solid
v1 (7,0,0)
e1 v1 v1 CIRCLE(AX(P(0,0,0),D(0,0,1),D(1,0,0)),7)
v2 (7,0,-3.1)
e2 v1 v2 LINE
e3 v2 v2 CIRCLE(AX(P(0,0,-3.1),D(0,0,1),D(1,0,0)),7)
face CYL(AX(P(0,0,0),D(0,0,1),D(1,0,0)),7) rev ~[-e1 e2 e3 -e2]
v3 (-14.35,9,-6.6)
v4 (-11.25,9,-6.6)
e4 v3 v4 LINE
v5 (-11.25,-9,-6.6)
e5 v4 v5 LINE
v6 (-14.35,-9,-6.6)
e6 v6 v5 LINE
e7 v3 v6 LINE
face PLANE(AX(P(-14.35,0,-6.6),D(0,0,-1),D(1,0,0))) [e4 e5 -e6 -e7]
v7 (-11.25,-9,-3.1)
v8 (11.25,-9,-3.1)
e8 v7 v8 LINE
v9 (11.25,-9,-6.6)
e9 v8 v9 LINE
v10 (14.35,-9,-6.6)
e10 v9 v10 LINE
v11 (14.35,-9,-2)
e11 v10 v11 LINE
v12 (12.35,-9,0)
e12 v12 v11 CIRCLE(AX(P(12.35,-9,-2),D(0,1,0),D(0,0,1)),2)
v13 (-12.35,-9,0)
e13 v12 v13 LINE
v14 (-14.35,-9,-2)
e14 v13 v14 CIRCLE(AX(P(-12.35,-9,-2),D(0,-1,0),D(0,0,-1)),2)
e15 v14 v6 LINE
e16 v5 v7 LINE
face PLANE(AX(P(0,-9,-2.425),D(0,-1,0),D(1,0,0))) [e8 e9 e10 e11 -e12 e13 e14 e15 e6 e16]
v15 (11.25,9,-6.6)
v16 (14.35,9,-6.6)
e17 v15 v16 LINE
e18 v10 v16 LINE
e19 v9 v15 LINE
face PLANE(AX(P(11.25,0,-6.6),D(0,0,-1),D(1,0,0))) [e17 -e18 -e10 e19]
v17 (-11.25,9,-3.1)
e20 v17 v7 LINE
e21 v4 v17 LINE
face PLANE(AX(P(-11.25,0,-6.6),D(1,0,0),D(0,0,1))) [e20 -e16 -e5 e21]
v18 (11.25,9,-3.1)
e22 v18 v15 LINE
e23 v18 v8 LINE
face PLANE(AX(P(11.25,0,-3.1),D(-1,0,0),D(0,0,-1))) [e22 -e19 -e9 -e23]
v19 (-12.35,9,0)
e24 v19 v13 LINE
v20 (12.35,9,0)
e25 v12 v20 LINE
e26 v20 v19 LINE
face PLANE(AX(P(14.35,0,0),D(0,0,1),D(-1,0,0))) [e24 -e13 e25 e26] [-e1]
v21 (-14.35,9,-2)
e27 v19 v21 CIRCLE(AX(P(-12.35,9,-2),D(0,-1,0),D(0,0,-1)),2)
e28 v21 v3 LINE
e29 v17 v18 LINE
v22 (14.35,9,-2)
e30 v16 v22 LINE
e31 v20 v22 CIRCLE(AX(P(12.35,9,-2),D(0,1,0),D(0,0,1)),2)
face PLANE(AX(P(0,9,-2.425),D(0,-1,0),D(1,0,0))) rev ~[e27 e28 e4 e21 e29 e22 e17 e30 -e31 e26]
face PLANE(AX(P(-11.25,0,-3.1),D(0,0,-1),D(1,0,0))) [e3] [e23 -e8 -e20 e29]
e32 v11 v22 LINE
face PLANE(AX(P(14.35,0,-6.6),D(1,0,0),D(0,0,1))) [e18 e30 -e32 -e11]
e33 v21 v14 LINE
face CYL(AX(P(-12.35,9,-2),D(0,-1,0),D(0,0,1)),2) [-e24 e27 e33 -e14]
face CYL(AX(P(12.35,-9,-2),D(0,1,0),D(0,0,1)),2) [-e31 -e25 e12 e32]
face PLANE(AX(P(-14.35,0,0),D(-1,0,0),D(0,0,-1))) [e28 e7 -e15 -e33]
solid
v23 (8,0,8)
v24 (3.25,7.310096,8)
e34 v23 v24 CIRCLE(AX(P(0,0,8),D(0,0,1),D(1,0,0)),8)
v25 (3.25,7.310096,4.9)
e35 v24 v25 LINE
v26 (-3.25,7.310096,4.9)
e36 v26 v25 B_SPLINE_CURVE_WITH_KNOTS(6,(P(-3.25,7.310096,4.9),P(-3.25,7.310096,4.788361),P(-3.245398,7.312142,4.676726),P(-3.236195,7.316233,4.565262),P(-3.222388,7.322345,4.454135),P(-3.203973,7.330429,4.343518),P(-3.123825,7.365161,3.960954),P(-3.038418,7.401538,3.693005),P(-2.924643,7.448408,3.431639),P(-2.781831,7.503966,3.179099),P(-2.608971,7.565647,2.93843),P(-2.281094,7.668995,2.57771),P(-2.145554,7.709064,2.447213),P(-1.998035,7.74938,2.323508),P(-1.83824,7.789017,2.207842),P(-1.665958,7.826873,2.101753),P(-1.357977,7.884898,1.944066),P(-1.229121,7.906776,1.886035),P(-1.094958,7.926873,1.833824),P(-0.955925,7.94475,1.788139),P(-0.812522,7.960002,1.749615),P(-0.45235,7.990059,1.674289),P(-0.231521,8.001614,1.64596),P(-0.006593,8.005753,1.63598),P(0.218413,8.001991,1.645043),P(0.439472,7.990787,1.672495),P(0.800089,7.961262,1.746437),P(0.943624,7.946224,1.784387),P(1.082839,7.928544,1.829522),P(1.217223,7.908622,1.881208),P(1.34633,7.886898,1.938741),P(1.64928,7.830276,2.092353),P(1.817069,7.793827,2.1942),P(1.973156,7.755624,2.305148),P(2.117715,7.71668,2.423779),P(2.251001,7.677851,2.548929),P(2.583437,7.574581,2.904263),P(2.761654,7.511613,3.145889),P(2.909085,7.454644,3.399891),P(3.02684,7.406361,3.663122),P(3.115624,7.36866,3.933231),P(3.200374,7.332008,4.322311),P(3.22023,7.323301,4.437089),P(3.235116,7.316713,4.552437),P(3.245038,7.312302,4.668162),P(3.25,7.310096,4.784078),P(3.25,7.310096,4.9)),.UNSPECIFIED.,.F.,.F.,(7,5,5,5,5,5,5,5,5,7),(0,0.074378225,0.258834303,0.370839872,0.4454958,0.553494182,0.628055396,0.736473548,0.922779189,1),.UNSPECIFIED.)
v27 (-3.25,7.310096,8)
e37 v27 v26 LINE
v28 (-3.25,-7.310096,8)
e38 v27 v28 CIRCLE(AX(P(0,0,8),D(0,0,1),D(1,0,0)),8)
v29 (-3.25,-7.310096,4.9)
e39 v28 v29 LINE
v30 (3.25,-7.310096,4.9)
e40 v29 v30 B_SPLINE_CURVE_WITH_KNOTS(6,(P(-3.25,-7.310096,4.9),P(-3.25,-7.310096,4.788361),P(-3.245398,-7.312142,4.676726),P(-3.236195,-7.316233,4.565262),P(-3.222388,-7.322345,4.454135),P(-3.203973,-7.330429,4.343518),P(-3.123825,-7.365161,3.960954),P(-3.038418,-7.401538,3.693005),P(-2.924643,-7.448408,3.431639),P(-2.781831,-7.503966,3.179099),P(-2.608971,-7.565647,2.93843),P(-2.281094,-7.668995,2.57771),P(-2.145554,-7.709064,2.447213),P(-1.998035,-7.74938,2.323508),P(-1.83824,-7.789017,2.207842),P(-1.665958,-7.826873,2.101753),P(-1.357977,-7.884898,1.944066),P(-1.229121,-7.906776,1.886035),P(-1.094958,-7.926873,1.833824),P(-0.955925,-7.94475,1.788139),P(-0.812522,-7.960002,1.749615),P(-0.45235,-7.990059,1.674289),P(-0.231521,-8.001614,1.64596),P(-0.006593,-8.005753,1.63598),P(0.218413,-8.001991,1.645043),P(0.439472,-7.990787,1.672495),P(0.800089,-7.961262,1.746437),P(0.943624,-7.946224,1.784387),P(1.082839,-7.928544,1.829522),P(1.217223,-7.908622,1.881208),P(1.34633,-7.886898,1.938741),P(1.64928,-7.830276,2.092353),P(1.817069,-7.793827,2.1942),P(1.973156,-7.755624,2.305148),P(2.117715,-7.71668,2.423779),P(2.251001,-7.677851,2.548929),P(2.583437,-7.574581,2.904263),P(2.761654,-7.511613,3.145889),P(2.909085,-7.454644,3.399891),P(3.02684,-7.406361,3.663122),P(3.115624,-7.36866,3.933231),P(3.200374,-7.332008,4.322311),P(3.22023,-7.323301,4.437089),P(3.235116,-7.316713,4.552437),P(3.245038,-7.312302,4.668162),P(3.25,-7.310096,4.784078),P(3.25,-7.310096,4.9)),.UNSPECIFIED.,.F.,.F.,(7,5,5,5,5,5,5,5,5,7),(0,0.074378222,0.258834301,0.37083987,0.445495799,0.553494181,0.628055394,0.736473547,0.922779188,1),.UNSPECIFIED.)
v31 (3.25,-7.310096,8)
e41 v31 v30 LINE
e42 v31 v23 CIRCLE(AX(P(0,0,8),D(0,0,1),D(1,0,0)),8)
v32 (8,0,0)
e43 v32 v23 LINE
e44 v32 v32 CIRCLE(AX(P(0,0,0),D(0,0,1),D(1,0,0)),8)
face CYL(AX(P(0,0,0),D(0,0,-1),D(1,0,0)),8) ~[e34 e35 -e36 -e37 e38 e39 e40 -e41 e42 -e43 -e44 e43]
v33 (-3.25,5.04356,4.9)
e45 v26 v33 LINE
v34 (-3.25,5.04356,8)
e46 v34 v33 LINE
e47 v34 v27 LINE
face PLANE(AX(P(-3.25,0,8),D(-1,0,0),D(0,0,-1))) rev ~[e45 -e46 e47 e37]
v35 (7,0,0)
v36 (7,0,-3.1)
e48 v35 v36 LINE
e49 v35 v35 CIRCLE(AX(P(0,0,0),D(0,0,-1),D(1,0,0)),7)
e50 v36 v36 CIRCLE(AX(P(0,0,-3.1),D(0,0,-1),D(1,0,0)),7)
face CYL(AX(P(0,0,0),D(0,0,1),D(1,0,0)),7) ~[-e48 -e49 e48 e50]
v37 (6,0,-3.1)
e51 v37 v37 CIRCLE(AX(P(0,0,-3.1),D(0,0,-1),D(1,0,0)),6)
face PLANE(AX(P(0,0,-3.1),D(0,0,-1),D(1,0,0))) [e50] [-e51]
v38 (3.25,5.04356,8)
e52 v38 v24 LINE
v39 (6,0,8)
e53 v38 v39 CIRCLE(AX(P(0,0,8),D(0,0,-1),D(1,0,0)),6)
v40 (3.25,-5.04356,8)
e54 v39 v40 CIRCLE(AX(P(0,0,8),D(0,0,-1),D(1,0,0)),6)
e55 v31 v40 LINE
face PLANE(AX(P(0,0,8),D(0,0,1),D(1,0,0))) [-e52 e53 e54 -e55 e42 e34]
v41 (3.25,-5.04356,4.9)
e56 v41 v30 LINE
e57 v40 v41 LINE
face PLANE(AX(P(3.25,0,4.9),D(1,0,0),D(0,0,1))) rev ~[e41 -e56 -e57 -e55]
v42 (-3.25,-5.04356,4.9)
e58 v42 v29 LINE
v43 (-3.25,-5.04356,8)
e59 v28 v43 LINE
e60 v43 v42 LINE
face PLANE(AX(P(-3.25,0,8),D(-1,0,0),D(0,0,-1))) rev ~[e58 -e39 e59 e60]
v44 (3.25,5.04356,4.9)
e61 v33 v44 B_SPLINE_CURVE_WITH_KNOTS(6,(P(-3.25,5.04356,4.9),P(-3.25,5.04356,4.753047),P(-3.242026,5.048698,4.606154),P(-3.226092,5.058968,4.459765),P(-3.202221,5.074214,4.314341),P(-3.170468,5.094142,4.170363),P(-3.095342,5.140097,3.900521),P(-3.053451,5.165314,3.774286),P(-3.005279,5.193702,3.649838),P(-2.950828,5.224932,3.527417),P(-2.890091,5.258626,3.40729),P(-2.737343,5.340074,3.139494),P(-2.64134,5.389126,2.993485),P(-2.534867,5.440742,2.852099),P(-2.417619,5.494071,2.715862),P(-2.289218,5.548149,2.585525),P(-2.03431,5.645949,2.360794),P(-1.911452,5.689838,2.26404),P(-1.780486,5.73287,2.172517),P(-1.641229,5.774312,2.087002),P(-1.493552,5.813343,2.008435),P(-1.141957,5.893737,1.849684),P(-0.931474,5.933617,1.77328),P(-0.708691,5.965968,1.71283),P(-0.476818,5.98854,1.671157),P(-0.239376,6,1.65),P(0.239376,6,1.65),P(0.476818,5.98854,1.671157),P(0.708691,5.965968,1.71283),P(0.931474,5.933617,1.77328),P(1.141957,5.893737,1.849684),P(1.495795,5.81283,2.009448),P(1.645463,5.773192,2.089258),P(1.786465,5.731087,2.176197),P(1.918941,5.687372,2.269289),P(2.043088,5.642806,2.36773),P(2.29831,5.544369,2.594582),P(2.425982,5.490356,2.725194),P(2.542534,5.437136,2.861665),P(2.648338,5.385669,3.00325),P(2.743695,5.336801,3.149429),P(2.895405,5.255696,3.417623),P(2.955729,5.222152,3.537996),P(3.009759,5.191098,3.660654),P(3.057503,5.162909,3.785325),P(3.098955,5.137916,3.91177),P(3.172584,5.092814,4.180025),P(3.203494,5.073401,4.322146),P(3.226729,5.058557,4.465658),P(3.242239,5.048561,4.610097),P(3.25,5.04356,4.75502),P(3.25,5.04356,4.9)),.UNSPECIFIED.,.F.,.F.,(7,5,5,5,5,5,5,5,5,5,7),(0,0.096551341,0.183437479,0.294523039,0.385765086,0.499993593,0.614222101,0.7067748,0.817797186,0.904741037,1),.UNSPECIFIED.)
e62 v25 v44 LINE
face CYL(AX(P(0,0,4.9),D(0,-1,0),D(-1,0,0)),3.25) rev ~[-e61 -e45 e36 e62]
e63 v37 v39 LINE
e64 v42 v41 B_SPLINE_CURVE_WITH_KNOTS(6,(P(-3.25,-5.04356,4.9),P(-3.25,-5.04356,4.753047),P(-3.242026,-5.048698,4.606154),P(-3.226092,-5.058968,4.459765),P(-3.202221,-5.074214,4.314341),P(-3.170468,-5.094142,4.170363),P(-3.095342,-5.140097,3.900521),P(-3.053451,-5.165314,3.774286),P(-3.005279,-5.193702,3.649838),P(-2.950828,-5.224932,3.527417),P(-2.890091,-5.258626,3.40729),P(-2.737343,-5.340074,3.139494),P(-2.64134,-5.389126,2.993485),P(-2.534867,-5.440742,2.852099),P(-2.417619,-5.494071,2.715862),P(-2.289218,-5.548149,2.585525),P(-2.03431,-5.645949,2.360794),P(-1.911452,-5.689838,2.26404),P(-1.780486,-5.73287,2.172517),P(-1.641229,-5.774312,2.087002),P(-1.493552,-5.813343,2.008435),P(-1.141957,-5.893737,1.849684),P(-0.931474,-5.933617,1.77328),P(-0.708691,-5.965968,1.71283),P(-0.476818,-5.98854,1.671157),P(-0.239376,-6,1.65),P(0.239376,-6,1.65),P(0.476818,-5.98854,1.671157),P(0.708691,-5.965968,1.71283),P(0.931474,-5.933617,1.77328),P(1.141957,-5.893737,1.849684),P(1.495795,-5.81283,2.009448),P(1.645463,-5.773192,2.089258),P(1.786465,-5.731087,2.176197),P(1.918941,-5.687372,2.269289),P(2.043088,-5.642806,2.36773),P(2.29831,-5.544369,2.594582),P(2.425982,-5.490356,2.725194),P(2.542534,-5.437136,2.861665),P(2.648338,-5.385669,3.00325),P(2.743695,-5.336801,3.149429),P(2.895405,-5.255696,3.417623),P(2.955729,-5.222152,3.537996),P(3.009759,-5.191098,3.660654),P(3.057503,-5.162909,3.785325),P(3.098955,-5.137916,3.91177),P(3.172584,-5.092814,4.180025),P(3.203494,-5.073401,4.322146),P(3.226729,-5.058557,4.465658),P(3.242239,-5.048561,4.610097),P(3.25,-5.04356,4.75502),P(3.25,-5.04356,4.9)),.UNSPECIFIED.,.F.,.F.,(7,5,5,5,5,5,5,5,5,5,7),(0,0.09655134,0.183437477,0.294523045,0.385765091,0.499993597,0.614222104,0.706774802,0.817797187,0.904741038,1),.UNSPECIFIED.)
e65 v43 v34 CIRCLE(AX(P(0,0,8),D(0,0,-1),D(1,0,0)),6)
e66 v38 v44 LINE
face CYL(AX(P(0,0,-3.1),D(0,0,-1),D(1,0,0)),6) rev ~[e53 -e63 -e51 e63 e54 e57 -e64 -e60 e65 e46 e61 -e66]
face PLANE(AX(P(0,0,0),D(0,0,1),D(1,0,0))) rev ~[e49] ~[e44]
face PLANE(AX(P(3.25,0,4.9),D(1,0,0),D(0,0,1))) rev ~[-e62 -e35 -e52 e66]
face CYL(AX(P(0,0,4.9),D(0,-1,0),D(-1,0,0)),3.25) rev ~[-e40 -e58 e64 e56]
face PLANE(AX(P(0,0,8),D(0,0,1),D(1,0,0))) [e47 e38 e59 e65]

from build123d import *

# Parameters (mm, degrees)
F1_DEPTH  = 9
F2_R      = 2
F3_R      = 7
F4_DEPTH  = 3.1
F5_R      = 8
F5_R_2    = 5
F6_DEPTH  = 8
F7_R      = 7
F7_R_2    = 5
F8_DEPTH  = 3.1
F10_DEPTH = 12.5
F11_R     = 6
F12_DEPTH = 11.1010001


with BuildPart() as f1:
    # F0 (on Front) → F1 (new body, symmetric)
    with BuildSketch(Plane.XZ):
        Polygon((14.35, 0), (-14.35, 0), (-14.35, -6.6), (-11.25, -6.6), (-11.25, -3.1), (11.25, -3.1), (11.25, -6.6), (14.35, -6.6), align=None)
    extrude(amount=F1_DEPTH, both=True)

    # F2
    f2_edges = [f1.edges().sort_by_distance(p)[0] for p in [
        (-14.35, 0, 0),
        (14.35, 0, 0),
    ]]
    fillet(f2_edges, radius=F2_R)

    # F3 (on face) → F4 (cut, through all)
    with BuildSketch(Plane.XY):
        Circle(F3_R)
    extrude(amount=-F4_DEPTH, mode=Mode.SUBTRACT)


with BuildPart() as f6:
    # F5 (on face) → F6 (new body)
    with BuildSketch(Plane.XY):
        Circle(F5_R)
        Circle(F5_R_2, mode=Mode.SUBTRACT)
    extrude(amount=F6_DEPTH)

    # F7 (on face) → F8 (join, through all)
    with BuildSketch(Plane(origin=(0, 0, 0), x_dir=(1, 0, 0), z_dir=(0, 0, -1))):
        Circle(F7_R)
        Circle(F7_R_2, mode=Mode.SUBTRACT)
    extrude(amount=F8_DEPTH)

    # F9 (on Front) → F10 (cut, symmetric)
    with BuildSketch(Plane.XZ):
        with BuildLine():
            Line((-3.25, 8), (-3.25, 4.9))
            ThreePointArc((-3.25, 4.9), (0, 1.65), (3.25, 4.9))
            Line((3.25, 4.9), (3.25, 8))
            Line((3.25, 8), (-3.25, 8))
        make_face()
    extrude(amount=F10_DEPTH, both=True, mode=Mode.SUBTRACT)

    # F11 (on face) → F12 (cut, through all)
    with BuildSketch(Plane(origin=(0, 0, -3.1), x_dir=(1, 0, 0), z_dir=(0, 0, -1))):
        Circle(F11_R)
    extrude(amount=-F12_DEPTH, mode=Mode.SUBTRACT)


solid = Compound([f1.part, f6.part])
